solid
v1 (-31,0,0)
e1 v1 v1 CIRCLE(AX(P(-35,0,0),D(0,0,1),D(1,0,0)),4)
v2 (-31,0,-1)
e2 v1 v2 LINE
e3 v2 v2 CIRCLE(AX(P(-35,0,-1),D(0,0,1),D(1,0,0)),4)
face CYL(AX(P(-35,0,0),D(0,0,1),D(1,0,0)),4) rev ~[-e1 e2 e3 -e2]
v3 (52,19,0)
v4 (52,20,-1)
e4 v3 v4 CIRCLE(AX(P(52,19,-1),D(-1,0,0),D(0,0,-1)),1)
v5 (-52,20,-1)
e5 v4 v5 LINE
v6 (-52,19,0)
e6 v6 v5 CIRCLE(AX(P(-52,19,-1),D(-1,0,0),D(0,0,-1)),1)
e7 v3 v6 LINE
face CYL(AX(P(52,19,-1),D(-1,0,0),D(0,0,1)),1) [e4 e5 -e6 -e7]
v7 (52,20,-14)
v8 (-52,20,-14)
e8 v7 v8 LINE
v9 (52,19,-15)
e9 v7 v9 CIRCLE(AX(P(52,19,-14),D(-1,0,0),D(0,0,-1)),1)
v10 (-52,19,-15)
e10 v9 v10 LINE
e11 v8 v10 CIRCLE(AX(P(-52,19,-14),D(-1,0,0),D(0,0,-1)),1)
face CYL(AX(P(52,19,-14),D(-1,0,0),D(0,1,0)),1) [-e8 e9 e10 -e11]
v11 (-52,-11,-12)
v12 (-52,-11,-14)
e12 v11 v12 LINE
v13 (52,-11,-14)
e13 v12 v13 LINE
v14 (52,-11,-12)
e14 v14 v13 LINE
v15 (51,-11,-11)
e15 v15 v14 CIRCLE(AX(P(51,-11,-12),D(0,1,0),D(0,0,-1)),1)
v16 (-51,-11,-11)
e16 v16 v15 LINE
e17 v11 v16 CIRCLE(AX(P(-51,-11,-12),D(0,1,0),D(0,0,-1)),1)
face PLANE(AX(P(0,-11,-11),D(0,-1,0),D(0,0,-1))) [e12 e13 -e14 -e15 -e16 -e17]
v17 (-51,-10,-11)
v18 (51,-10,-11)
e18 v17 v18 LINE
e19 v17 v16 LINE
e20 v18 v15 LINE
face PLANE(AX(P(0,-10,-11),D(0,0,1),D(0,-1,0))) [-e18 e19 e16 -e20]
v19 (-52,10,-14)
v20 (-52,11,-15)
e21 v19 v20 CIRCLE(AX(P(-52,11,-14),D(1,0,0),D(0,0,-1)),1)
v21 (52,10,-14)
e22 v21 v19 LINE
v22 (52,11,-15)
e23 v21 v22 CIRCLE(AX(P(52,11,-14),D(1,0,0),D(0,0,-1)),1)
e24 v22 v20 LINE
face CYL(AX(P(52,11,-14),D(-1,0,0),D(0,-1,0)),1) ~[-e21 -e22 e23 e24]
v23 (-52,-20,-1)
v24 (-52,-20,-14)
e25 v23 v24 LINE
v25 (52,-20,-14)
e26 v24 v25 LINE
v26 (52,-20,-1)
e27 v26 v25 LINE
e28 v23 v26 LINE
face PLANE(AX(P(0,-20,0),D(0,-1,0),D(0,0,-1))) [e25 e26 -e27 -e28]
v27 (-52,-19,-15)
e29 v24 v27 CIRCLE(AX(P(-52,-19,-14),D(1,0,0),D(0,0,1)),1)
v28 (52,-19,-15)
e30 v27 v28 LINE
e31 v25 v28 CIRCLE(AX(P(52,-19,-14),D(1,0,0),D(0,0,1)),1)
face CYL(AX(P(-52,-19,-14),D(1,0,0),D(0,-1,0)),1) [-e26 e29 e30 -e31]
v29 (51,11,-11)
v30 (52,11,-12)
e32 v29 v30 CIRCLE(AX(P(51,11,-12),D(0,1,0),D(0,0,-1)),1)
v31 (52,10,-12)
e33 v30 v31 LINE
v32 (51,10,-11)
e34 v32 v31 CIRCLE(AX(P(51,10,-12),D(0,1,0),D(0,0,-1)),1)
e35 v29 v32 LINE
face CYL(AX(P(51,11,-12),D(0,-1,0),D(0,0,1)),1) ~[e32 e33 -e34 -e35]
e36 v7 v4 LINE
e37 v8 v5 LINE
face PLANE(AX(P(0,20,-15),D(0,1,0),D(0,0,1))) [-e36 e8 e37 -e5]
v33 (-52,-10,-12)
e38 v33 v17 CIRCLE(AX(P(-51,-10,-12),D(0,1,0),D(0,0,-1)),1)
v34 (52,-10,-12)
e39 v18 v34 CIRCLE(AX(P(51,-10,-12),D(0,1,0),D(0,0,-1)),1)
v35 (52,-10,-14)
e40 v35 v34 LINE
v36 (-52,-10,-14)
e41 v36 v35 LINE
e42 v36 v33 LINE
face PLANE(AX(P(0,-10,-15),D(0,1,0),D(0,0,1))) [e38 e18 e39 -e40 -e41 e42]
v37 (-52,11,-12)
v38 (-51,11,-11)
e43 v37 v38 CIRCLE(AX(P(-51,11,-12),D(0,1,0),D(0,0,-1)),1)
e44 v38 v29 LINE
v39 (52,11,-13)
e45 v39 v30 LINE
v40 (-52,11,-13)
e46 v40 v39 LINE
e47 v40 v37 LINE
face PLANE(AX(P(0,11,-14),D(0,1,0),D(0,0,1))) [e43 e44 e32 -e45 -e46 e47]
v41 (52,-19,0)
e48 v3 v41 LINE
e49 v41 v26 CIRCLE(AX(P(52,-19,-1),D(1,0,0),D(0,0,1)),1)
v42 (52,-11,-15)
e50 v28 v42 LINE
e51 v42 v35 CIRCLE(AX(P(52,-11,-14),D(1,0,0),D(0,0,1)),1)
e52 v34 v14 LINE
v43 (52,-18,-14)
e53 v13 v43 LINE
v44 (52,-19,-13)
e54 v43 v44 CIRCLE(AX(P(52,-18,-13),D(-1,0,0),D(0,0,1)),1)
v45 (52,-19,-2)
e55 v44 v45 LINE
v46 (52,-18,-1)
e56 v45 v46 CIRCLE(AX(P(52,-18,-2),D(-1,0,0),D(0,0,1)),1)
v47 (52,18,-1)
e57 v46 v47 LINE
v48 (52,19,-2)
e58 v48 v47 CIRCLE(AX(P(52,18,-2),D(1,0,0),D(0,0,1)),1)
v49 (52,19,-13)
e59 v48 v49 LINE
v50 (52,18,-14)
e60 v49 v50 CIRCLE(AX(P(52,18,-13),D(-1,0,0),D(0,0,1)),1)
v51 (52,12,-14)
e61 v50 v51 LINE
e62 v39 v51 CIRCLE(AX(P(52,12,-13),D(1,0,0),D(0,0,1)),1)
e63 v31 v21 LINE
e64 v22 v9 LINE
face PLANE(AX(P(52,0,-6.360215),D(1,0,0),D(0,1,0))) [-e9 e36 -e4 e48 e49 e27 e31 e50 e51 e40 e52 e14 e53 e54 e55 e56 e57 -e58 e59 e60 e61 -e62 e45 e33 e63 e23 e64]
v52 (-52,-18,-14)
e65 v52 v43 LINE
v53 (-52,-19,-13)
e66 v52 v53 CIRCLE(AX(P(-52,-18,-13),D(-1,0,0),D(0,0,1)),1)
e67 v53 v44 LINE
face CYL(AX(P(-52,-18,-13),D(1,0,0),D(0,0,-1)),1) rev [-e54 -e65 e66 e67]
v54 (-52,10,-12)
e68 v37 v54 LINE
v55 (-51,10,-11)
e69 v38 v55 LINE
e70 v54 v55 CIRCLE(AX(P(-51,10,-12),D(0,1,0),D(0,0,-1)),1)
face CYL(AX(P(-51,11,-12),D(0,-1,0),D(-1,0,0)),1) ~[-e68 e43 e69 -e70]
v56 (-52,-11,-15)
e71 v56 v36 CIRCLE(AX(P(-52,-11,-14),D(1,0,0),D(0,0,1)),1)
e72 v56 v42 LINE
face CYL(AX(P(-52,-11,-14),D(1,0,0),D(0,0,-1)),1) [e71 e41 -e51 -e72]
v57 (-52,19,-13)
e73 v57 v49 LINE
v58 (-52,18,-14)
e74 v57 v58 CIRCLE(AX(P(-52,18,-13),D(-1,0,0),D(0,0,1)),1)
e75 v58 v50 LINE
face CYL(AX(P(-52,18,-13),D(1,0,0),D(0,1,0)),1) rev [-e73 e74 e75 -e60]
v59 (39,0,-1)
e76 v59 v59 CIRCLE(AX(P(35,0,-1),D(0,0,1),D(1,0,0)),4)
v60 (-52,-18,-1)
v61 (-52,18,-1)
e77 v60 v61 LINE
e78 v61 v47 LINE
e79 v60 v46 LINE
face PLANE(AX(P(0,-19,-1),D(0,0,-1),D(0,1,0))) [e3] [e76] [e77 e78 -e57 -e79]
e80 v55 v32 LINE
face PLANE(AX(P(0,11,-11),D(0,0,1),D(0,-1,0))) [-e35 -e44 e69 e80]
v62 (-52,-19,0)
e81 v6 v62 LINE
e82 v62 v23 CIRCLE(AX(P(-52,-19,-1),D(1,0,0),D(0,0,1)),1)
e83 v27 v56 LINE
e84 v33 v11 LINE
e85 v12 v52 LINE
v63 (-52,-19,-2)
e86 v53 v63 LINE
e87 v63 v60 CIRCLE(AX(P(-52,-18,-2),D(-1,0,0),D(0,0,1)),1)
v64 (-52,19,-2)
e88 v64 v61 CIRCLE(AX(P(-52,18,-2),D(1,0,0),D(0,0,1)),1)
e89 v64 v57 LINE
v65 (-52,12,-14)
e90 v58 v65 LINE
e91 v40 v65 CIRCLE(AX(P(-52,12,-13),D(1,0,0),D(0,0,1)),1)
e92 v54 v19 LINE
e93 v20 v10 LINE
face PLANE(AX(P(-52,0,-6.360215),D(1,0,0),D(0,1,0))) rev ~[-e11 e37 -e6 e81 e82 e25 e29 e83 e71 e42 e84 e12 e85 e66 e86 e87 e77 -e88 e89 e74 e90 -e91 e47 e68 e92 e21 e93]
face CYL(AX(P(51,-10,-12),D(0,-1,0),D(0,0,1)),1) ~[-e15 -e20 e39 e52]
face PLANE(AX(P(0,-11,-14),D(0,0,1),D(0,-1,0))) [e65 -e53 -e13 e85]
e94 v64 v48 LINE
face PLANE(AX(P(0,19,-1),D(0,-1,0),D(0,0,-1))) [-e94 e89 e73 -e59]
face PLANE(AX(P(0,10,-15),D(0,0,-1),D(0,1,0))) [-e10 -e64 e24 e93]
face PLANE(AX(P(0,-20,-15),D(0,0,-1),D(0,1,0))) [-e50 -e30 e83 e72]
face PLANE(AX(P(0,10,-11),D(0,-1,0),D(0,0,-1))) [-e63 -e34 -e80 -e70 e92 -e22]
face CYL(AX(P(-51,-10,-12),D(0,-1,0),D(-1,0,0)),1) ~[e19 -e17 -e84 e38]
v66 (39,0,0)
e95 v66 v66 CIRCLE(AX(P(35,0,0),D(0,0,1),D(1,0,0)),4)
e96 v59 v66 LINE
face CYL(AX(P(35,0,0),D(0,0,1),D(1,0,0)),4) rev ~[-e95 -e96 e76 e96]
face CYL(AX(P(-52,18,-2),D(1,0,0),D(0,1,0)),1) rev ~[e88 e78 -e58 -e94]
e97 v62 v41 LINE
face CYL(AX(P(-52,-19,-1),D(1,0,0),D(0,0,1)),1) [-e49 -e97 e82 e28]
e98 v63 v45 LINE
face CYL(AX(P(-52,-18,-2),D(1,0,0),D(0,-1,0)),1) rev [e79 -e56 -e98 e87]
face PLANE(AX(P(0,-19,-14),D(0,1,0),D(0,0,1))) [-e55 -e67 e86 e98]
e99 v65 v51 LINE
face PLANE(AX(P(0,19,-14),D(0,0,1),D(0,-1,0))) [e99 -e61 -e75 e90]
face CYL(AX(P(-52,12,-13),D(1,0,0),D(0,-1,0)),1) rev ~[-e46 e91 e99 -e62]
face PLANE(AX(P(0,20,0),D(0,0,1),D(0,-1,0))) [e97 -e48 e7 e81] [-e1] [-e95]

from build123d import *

# Parameters (mm, degrees)
F1_DEPTH = 52
F2_R     = 4
F3_DEPTH = 12.5
F4_R     = 1
F5_R     = 1
F6_R     = 1


with BuildPart() as f1:
    # F0 (on Right) → F1 (new body, symmetric)
    with BuildSketch(Plane.YZ):
        Polygon((20, 0), (-20, 0), (-20, -15), (-10, -15), (-10, -11), (-11, -11), (-11, -14), (-19, -14), (-19, -1), (19, -1), (19, -14), (11, -14), (11, -11), (10, -11), (10, -15), (20, -15), align=None)
    extrude(amount=F1_DEPTH, both=True)

    # F2 (on Top) → F3 (cut, symmetric)
    with BuildSketch(Plane.XY):
        with Locations((-35, 0)):
            Circle(F2_R)
        with Locations((35, 0)):
            Circle(F2_R)
    extrude(amount=F3_DEPTH, both=True, mode=Mode.SUBTRACT)

    # F4
    f4_edges = [f1.edges().sort_by_distance(p)[0] for p in [
        (0, -20, -15),
        (0, -20, 0),
        (0, -10, -15),
        (0, 10, -15),
        (0, 20, -15),
        (0, 20, 0),
        (0, 19, -14),
        (0, -19, -14),
    ]]
    fillet(f4_edges, radius=F4_R)

    # F5
    f5_edges = [f1.edges().sort_by_distance(p)[0] for p in [
        (0, 11, -14),
        (0, 19, -1),
        (0, -19, -1),
    ]]
    fillet(f5_edges, radius=F5_R)

    # F6
    f6_edges = [f1.edges().sort_by_distance(p)[0] for p in [
        (52, -10.5, -11),
        (52, 10.5, -11),
        (-52, 10.5, -11),
        (-52, -10.5, -11),
    ]]
    fillet(f6_edges, radius=F6_R)


solid = f1.part
